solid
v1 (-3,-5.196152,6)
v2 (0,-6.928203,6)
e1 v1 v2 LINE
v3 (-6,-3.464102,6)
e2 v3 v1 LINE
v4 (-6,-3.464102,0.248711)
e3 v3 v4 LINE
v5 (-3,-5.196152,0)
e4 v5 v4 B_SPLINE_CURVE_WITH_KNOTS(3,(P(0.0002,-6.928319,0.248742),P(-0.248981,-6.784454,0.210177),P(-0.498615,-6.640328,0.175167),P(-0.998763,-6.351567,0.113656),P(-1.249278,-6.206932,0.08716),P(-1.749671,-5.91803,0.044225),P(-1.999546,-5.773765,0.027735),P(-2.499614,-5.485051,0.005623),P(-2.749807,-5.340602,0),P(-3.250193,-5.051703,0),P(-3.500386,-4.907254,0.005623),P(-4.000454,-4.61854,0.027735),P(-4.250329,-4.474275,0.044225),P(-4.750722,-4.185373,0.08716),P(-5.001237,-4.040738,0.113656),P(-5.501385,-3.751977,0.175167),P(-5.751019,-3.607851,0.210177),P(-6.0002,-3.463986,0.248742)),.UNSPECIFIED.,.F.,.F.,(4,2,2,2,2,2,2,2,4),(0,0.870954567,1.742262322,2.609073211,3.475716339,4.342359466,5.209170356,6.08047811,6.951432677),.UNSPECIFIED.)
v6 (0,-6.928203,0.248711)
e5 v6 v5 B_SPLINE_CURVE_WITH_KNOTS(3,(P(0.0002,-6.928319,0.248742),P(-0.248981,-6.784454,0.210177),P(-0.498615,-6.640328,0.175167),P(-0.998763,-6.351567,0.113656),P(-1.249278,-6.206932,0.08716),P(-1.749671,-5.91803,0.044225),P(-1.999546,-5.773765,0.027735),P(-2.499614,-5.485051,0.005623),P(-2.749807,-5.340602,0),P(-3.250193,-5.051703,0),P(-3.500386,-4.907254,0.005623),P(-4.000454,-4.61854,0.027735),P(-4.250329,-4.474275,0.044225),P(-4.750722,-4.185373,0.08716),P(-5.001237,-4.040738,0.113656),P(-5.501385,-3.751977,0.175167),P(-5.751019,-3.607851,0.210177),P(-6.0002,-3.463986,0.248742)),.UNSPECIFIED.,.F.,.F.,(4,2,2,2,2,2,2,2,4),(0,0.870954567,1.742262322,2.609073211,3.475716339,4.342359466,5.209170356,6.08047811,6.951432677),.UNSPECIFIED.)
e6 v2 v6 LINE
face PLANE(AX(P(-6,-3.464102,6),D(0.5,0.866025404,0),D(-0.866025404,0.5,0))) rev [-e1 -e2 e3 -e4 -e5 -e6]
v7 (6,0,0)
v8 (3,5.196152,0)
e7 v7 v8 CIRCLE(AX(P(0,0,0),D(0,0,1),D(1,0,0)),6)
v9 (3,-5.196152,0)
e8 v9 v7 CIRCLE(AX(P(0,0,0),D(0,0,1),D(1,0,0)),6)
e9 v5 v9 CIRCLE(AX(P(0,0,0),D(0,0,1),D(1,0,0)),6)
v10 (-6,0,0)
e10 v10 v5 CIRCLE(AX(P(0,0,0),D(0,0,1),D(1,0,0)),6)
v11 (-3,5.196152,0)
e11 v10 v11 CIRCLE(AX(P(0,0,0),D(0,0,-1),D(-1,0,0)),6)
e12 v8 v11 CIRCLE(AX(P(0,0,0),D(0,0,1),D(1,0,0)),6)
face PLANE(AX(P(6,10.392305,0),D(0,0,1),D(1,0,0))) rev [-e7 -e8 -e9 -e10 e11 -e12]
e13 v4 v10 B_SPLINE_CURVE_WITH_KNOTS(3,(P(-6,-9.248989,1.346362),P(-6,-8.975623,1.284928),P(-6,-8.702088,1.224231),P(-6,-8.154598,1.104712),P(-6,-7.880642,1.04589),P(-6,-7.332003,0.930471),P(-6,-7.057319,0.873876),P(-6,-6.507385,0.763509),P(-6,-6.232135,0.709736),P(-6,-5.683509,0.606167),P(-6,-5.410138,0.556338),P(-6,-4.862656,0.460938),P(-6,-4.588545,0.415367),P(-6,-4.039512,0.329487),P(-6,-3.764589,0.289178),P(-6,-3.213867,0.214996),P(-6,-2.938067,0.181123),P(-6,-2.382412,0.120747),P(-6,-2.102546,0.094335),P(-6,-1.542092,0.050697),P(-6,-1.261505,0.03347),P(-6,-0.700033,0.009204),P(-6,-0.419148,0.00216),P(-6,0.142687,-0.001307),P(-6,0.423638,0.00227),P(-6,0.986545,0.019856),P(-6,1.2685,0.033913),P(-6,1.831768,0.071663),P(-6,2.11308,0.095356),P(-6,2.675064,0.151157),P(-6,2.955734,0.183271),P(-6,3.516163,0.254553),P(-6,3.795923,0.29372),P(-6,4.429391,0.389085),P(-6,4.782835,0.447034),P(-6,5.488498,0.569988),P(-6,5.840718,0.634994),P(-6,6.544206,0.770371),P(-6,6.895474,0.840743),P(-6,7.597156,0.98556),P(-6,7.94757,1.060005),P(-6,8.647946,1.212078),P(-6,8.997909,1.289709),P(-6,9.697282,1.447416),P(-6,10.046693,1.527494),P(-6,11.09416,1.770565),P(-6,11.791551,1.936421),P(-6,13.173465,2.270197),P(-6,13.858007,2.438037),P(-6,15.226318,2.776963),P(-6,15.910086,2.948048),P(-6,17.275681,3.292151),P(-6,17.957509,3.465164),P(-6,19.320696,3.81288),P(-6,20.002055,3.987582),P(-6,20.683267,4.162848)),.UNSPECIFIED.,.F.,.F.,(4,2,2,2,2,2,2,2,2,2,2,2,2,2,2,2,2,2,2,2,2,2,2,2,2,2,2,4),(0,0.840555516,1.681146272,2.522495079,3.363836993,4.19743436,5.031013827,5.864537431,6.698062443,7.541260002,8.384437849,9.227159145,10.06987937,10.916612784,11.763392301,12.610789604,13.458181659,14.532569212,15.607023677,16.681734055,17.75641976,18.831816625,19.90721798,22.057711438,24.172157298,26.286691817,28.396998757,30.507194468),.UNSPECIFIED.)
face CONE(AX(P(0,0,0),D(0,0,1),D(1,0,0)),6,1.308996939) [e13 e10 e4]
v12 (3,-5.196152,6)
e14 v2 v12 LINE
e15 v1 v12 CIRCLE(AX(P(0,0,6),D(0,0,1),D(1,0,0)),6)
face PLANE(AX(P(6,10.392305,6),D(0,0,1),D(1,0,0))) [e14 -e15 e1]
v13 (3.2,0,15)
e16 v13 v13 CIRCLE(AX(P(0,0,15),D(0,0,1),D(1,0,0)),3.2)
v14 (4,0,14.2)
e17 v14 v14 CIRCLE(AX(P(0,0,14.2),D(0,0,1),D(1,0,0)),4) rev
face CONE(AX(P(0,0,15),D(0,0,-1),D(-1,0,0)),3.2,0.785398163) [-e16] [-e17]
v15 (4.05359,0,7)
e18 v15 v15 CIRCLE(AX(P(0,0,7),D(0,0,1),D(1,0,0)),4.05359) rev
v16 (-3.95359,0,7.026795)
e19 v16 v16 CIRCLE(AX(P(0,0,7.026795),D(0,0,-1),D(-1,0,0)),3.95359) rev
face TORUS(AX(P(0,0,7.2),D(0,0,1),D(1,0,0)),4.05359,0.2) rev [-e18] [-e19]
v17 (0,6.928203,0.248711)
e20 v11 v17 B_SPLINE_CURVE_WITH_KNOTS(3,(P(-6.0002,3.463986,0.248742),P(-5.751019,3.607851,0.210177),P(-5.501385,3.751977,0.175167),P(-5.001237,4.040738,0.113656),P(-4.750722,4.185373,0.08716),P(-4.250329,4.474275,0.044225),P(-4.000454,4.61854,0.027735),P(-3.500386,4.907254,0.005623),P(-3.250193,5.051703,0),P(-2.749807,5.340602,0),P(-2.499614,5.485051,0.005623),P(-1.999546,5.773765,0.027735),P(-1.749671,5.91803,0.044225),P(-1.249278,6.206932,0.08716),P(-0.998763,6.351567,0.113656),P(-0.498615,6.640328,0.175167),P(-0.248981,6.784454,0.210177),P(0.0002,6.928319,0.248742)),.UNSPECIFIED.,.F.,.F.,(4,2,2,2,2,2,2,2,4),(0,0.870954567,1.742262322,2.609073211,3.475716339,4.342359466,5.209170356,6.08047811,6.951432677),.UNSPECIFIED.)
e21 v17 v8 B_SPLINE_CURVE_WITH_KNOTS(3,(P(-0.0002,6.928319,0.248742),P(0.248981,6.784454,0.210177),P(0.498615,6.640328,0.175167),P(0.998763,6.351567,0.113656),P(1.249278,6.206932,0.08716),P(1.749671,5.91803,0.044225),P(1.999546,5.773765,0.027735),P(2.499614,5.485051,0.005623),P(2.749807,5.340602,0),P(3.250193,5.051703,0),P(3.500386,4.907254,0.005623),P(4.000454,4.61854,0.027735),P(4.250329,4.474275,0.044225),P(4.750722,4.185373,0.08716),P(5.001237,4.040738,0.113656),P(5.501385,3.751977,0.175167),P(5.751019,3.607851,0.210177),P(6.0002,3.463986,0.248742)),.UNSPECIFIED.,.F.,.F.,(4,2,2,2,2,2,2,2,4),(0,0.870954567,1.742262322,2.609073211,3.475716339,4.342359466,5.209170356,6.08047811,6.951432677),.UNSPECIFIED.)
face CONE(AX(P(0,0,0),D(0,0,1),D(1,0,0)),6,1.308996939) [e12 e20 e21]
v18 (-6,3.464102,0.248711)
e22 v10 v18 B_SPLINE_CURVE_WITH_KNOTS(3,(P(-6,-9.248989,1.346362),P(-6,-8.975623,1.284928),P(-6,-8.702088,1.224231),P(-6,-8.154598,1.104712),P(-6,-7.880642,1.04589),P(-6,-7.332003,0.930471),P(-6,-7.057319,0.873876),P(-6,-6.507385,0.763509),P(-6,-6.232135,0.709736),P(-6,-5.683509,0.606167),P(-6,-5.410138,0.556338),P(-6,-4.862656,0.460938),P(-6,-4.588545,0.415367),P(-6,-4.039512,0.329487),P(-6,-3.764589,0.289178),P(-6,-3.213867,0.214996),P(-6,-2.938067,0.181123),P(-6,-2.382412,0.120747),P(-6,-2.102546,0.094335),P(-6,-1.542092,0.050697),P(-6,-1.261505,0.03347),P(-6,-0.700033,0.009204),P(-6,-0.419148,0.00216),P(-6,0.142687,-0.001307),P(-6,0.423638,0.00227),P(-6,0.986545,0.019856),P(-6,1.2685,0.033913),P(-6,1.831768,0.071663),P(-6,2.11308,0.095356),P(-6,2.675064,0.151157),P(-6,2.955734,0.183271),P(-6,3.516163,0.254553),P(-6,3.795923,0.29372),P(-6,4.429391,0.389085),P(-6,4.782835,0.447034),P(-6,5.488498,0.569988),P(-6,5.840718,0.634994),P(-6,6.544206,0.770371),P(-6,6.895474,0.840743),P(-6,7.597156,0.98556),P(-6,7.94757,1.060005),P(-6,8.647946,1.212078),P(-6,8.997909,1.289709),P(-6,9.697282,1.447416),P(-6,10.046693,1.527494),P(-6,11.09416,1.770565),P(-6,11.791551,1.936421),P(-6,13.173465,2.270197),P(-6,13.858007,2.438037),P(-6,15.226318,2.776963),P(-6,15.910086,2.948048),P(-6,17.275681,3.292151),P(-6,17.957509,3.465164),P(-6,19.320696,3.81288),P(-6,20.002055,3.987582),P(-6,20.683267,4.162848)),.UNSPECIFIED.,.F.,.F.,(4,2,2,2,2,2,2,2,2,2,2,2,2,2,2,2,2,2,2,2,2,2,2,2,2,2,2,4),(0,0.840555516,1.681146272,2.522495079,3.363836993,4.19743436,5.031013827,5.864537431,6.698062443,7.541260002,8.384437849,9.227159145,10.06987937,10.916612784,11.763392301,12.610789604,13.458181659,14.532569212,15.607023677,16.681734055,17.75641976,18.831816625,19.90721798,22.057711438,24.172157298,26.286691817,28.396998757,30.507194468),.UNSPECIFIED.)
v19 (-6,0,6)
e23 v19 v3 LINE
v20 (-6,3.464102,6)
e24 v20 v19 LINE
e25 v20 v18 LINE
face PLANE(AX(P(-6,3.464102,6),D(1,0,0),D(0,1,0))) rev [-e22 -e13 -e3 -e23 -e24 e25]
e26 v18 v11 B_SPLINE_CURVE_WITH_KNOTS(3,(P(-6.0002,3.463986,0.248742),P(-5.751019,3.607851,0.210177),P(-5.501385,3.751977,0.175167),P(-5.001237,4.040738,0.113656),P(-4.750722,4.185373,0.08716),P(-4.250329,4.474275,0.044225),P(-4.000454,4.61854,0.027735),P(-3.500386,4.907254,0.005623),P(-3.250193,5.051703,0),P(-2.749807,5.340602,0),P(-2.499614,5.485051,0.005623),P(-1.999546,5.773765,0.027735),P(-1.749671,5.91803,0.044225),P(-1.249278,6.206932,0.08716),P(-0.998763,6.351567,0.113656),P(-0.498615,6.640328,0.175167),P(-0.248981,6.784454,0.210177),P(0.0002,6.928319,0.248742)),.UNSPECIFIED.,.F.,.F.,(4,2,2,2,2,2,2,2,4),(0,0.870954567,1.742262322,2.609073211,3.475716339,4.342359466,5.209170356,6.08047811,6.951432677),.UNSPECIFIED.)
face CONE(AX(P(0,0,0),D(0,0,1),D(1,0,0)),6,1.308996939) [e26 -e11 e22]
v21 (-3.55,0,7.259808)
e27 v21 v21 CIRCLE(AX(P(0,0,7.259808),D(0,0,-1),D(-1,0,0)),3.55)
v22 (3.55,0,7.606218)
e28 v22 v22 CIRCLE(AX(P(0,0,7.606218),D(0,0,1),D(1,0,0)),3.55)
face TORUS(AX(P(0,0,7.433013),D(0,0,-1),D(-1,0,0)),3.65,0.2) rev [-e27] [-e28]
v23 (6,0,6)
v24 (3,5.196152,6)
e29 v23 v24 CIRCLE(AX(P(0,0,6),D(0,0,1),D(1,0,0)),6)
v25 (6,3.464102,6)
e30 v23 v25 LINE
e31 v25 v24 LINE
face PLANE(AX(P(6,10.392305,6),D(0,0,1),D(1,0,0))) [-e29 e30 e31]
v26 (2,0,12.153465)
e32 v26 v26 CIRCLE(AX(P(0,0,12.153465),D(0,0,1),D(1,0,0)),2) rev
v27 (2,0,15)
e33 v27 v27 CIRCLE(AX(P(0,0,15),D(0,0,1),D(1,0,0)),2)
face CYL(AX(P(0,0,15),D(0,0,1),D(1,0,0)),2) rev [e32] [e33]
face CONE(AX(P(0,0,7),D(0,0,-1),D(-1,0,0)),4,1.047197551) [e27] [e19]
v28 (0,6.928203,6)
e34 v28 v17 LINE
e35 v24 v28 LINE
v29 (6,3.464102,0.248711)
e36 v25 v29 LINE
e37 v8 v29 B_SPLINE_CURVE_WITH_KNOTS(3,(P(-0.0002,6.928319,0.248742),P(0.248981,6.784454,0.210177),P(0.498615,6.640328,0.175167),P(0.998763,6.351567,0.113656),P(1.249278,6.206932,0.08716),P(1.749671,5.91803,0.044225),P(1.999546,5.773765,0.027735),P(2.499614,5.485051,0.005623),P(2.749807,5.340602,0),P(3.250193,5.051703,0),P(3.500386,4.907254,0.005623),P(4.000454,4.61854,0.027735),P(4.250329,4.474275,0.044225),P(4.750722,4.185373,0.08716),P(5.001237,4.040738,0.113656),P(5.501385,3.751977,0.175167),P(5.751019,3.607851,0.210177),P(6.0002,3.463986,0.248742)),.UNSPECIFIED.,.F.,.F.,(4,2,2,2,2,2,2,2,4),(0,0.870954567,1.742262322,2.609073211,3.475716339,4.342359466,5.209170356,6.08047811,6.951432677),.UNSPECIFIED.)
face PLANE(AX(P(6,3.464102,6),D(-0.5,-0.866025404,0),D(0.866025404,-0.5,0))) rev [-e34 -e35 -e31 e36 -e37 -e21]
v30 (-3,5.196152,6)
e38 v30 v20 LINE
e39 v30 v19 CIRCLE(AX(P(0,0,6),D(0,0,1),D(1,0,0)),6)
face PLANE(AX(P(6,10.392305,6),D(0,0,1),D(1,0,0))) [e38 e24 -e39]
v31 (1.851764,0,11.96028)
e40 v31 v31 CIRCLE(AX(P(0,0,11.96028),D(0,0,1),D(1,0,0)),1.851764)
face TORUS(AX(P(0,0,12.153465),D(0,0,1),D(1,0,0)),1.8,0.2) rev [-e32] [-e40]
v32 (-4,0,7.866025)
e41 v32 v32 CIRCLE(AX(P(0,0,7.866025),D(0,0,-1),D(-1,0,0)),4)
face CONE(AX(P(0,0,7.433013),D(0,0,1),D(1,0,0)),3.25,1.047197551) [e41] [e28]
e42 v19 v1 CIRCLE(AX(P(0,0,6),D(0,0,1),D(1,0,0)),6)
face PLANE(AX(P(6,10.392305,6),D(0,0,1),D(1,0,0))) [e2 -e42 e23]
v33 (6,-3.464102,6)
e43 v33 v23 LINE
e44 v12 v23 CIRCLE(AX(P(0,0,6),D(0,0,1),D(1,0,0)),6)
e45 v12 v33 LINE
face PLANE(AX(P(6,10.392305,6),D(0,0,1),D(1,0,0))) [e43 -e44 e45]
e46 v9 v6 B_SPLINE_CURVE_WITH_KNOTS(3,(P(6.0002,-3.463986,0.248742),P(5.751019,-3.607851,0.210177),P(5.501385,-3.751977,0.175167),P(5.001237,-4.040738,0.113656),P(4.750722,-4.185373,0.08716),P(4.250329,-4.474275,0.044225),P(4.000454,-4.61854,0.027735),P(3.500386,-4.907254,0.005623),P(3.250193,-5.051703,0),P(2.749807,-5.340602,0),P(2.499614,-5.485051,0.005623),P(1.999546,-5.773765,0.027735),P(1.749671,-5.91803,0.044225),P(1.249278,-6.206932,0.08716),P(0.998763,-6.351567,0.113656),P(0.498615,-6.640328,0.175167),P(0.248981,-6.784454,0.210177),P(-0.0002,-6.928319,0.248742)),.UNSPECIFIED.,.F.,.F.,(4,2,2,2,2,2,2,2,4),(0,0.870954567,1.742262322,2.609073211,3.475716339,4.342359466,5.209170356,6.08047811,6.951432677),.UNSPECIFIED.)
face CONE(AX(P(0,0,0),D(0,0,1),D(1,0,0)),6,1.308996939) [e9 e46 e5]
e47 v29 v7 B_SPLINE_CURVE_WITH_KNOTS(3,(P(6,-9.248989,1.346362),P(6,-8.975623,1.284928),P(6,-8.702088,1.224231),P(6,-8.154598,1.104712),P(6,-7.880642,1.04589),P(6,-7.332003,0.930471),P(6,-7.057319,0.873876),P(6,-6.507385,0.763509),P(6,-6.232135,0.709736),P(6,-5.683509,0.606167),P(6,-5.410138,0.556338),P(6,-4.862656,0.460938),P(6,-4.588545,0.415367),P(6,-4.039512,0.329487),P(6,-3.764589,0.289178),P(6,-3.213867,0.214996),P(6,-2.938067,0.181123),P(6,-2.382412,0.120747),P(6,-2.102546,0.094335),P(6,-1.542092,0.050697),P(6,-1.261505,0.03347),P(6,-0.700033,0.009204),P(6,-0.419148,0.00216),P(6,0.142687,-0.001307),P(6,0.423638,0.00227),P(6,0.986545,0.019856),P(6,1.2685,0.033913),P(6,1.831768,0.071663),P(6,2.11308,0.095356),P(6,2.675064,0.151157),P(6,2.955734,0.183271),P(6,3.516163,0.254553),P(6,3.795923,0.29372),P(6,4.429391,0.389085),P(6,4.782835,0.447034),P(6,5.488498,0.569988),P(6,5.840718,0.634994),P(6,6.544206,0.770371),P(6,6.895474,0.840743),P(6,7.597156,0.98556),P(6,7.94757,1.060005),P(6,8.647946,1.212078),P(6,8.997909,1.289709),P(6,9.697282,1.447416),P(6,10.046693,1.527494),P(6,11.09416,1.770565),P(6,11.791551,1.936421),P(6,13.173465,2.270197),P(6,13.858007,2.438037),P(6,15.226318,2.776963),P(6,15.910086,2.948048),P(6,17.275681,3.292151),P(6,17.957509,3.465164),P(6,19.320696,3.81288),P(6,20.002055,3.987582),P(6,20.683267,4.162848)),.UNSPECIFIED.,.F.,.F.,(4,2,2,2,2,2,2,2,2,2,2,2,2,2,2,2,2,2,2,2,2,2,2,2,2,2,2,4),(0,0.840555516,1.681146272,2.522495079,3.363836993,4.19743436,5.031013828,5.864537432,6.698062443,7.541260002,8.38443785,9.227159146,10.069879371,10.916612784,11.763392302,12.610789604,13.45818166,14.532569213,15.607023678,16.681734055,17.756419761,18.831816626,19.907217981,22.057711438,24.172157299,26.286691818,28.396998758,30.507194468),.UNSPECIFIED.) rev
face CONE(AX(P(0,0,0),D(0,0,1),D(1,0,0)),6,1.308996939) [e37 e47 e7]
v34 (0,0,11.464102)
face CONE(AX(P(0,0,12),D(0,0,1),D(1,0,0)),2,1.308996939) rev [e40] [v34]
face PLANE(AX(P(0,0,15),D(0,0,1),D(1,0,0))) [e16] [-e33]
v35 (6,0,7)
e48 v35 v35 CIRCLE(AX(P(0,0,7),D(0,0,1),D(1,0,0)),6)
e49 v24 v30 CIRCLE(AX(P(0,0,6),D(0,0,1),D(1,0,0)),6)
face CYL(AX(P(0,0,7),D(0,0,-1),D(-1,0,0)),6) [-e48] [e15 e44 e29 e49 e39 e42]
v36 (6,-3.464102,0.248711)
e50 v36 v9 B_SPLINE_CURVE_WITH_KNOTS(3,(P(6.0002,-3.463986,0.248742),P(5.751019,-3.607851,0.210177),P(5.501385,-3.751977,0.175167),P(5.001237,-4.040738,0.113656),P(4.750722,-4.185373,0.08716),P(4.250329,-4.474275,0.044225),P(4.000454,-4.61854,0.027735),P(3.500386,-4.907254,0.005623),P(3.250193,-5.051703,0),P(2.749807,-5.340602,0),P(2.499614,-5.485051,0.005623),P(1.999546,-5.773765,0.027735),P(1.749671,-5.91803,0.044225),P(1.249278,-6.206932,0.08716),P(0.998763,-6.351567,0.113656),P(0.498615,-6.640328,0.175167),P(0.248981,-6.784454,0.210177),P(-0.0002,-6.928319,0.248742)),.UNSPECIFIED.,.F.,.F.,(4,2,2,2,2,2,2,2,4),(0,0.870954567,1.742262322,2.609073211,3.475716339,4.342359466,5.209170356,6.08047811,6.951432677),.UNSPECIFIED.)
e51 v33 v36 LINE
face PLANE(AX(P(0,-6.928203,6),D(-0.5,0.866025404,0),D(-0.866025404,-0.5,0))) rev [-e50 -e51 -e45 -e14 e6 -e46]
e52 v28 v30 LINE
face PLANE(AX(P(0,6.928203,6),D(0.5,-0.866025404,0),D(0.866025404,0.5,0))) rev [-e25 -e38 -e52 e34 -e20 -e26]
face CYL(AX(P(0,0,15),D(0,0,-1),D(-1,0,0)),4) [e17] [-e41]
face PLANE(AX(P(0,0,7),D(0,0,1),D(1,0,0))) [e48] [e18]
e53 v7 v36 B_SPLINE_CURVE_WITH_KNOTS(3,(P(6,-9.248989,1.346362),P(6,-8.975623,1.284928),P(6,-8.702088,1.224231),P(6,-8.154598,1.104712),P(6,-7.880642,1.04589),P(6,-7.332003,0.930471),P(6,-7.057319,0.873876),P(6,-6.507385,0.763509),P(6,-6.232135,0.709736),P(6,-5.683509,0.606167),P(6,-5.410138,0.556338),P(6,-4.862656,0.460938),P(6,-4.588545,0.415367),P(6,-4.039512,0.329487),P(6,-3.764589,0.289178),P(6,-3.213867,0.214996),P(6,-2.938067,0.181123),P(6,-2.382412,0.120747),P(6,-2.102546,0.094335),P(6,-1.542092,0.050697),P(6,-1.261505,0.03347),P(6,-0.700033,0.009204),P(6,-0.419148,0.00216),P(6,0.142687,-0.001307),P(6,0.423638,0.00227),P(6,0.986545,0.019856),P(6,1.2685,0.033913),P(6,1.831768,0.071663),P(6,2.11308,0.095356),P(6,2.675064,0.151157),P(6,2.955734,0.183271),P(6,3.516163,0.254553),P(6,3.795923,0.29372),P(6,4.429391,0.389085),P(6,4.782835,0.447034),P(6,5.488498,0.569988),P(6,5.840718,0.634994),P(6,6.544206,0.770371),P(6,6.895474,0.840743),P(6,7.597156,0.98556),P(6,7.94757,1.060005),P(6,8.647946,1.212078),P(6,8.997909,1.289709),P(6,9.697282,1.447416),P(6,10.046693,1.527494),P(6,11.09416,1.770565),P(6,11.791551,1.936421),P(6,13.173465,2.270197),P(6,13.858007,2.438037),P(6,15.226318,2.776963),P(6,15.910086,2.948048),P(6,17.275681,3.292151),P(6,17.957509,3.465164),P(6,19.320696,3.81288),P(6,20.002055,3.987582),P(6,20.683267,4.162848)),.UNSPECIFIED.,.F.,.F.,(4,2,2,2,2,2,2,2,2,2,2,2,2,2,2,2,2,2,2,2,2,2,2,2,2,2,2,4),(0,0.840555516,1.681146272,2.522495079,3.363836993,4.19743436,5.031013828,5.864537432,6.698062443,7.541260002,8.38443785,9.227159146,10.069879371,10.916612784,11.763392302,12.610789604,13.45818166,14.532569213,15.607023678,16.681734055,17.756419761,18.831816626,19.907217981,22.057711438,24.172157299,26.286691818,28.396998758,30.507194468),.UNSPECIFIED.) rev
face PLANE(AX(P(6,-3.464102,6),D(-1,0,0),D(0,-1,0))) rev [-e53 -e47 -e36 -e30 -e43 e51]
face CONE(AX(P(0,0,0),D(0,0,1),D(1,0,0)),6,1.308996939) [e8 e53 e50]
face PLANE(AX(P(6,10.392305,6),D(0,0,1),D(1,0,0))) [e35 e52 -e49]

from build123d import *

# Parameters (mm, degrees)
VYSUNOUT1_DEPTH = 6
SKICA3_R        = 6
VYSUNOUT2_DEPTH = 1
SKICA4_R        = 4
VYSUNOUT3_DEPTH = 8
ZKOSIT1_SIZE    = 0.8
ZAOBLIT1_R      = 0.2
ZAOBLIT2_R      = 0.2


with BuildPart() as part:
    # Skica1 → Vysunout1 (new body)
    with BuildSketch(Plane.XY):
        Polygon((6, 3.464101615), (0, 6.92820323), (-6, 3.464101615), (-6, -3.464101615), (0, -6.92820323), (6, -3.464101615), align=None)
    extrude(amount=VYSUNOUT1_DEPTH)

    # Skica2 → Odebrat otočením1 (revolve, cut)
    with BuildSketch(Plane(origin=(0, 0, 0), x_dir=(1, 0, 0), z_dir=(0, 1, 0))):
        Polygon((6, 0), (28.392304845, 0), (28.392304845, -6), align=None)
    revolve(axis=Axis((0, 0, 0), (0, 0, 1)), mode=Mode.SUBTRACT)

    # Skica3 → Vysunout2 (add)
    with BuildSketch(Plane.XY.offset(6)):
        Circle(SKICA3_R)
    extrude(amount=VYSUNOUT2_DEPTH)

    # Skica4 → Vysunout3 (add)
    with BuildSketch(Plane.XY.offset(7)):
        Circle(SKICA4_R)
    extrude(amount=VYSUNOUT3_DEPTH)

    # Zkosit1
    zkosit1_edges = [part.edges().sort_by_distance(p)[0] for p in [
        (-4, 0, 15),
    ]]
    chamfer(zkosit1_edges, length=ZKOSIT1_SIZE)

    # Skica6 → Odebrat otočením2 (revolve, cut)
    with BuildSketch(Plane(origin=(0, 0, 0), x_dir=(1, 0, 0), z_dir=(0, 1, 0))):
        Polygon((0, -11.464101615), (2, -12), (2, -15), (0, -15), align=None)
    revolve(axis=Axis((0, 0, 15), (0, 0, -1)), mode=Mode.SUBTRACT)

    # Zaoblit1
    zaoblit1_edges = [part.edges().sort_by_distance(p)[0] for p in [
        (-2, 0, 12),
    ]]
    fillet(zaoblit1_edges, radius=ZAOBLIT1_R)

    # Skica7 → Odebrat otočením3 (revolve, cut)
    with BuildSketch(Plane(origin=(0, 0, 0), x_dir=(1, 0, 0), z_dir=(0, 1, 0)), mode=Mode.PRIVATE) as odebrat_oto_en_m3_sk:
        Polygon((4, -7), (3.25, -7.433012702), (4, -7.866025404), align=None)
    revolve(odebrat_oto_en_m3_sk.sketch.rotate(Axis((0, 0, 0), (0, 0, 1)), 180), axis=Axis((0, 0, 0), (0, 0, 1)), mode=Mode.SUBTRACT)

    # Zaoblit2
    zaoblit2_edges = [part.edges().sort_by_distance(p)[0] for p in [
        (3.25, 0, 7.433012702),
        (4, 0, 7),
    ]]
    fillet(zaoblit2_edges, radius=ZAOBLIT2_R)


solid = part.part
